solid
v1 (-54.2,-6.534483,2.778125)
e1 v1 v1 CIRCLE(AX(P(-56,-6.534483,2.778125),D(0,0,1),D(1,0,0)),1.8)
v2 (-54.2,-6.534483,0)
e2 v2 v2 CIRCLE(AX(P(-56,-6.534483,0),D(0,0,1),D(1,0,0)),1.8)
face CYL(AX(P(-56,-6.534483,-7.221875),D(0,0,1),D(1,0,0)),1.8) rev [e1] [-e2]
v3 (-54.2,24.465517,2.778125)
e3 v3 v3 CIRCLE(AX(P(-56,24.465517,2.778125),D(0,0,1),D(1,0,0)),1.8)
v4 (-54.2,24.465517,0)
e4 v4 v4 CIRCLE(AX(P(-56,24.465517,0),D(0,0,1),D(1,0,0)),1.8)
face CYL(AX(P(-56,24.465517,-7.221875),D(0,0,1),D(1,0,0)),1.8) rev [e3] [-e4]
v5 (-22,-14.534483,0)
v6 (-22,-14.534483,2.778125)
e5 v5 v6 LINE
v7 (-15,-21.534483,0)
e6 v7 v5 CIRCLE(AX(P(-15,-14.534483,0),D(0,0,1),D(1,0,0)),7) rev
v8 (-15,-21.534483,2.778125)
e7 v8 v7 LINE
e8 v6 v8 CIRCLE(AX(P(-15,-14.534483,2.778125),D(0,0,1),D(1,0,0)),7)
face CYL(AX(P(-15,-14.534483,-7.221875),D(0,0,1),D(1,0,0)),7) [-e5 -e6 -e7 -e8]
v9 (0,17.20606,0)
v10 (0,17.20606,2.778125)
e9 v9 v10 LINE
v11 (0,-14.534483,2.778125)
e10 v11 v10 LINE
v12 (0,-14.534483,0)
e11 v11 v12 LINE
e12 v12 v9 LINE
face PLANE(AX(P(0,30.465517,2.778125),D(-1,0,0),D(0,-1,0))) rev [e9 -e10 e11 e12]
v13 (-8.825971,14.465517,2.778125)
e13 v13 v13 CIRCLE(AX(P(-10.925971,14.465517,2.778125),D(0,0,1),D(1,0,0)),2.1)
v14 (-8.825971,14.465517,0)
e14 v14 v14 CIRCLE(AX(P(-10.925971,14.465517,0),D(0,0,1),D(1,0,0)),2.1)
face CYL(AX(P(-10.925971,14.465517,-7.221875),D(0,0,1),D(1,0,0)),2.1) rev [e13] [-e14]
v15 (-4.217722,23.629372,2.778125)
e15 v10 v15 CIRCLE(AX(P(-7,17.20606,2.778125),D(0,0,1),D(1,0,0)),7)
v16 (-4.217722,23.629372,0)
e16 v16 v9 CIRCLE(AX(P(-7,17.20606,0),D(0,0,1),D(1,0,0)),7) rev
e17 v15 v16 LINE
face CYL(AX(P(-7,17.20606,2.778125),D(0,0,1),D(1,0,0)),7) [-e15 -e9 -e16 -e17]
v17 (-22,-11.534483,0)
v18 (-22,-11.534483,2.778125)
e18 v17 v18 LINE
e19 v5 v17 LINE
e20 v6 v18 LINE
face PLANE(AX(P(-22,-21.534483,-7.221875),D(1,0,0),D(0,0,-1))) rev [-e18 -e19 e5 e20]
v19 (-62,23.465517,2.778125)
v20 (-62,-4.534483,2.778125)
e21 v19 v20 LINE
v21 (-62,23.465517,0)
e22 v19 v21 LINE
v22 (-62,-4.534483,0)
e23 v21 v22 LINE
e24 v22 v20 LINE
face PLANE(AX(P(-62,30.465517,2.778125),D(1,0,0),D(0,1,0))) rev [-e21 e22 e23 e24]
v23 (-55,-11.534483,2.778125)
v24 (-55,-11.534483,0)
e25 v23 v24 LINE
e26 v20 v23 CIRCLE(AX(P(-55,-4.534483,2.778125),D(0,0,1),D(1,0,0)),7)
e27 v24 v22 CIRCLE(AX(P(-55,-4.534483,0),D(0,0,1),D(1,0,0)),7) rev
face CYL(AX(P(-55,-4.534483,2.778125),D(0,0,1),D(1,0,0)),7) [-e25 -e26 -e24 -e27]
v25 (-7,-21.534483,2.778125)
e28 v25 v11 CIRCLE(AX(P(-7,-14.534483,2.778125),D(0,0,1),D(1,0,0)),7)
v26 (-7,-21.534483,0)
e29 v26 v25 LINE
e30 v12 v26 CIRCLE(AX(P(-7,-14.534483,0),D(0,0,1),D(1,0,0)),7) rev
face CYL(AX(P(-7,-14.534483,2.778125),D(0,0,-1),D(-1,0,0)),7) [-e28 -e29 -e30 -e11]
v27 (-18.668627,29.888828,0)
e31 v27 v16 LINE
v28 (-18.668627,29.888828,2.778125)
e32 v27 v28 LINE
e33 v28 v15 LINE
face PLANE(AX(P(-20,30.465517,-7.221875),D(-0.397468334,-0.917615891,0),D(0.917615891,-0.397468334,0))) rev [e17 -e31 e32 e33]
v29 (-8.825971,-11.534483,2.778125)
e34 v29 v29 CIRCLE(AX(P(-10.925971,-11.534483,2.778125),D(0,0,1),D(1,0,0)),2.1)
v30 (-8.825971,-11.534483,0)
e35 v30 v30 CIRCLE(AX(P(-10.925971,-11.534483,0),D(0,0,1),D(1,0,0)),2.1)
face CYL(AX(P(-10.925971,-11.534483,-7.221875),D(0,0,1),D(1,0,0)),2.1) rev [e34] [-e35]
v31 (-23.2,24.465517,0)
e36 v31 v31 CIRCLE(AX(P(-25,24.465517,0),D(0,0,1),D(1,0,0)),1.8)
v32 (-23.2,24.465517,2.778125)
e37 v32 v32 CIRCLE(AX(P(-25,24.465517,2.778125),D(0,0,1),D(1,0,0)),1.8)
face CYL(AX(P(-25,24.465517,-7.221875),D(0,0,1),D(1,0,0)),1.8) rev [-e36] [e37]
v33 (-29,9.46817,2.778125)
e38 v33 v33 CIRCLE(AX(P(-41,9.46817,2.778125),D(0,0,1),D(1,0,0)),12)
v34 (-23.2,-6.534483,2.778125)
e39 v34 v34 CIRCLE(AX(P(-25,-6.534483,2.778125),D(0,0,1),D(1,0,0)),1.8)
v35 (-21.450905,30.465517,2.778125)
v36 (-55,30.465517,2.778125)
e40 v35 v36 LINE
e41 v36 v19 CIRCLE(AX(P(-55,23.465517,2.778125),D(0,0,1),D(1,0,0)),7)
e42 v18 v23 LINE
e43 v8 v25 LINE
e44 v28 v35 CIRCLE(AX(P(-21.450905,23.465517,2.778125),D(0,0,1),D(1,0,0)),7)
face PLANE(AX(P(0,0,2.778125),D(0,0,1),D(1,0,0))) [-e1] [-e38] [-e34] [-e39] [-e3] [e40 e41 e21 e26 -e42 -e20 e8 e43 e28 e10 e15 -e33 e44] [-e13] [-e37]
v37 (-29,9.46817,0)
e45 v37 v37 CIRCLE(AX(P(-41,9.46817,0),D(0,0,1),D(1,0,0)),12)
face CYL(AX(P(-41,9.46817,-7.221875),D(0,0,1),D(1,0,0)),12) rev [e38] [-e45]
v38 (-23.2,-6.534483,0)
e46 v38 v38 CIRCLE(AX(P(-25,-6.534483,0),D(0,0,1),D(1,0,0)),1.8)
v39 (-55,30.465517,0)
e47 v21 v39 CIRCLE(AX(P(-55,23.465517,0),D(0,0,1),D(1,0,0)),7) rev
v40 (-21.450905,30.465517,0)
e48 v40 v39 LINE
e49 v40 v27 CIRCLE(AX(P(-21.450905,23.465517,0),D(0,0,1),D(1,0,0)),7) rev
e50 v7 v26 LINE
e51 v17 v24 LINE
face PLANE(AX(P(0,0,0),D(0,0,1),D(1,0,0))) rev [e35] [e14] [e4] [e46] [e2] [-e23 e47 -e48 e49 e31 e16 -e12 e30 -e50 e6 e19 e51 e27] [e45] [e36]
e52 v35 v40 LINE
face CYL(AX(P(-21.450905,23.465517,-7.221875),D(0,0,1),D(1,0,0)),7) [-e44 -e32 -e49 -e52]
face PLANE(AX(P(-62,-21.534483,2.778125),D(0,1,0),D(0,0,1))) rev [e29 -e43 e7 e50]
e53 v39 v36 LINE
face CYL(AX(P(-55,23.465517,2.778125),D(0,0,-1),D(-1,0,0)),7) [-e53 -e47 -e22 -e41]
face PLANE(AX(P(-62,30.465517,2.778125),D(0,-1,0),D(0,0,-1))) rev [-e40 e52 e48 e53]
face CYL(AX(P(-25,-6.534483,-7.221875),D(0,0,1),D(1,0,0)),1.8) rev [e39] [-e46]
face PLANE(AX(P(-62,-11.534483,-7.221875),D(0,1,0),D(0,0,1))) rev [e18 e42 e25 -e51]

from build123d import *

# Parameters (mm, degrees)
SKETCH1_W           = 62
SKETCH1_H           = 52
BOSS_EXTRUDE1_DEPTH = 2.778125
CUT_EXTRUDE1_DEPTH  = 10
SKETCH2_W           = 40
SKETCH2_H           = 10
CUT_EXTRUDE2_DEPTH  = 10
FILLET1_R           = 7
FILLET2_R           = 7
SKETCH4_R           = 2.1
SKETCH4_R_2         = 1.8
SKETCH4_R_3         = 12
CUT_EXTRUDE3_DEPTH  = 10


with BuildPart() as part:
    # Sketch1 → Boss-Extrude1 (new body)
    with BuildSketch(Plane.XY):
        with Locations((-31, 4.465517241)):
            Rectangle(SKETCH1_W, SKETCH1_H)
    extrude(amount=BOSS_EXTRUDE1_DEPTH)

    # Sketch3 → Cut-Extrude1 (cut)
    with BuildSketch(Plane.XY.offset(2.778125)):
        Polygon((-20, 30.465517241), (0, 21.802451622), (0, 30.465517241), align=None)
    extrude(amount=-CUT_EXTRUDE1_DEPTH, mode=Mode.SUBTRACT)

    # Sketch2 → Cut-Extrude2 (cut)
    with BuildSketch(Plane.XY.offset(2.778125)):
        with Locations((-42, -16.534482759)):
            Rectangle(SKETCH2_W, SKETCH2_H)
    extrude(amount=-CUT_EXTRUDE2_DEPTH, mode=Mode.SUBTRACT)

    # Fillet1
    fillet1_edges = [part.edges().sort_by_distance(p)[0] for p in [
        (-62, -11.534482759, 1.3890625),
        (-22, -21.534482759, 1.3890625),
        (-62, 30.465517241, 1.3890625),
        (0, -21.534482759, 1.3890625),
    ]]
    fillet(fillet1_edges, radius=FILLET1_R)

    # Fillet2
    fillet2_edges = [part.edges().sort_by_distance(p)[0] for p in [
        (0, 21.802451622, 1.3890625),
        (-20, 30.465517241, 1.3890625),
    ]]
    fillet(fillet2_edges, radius=FILLET2_R)

    # Sketch4 → Cut-Extrude3 (cut)
    with BuildSketch(Plane.XY.offset(2.778125)):
        with Locations((-10.925971148, -11.534482759)):
            Circle(SKETCH4_R)
        with Locations((-10.925971148, 14.465517241)):
            Circle(SKETCH4_R)
        with Locations((-56, -6.534482759)):
            Circle(SKETCH4_R_2)
        with Locations((-56, 24.465517241)):
            Circle(SKETCH4_R_2)
        with Locations((-25, 24.465517241)):
            Circle(SKETCH4_R_2)
        with Locations((-25, -6.534482759)):
            Circle(SKETCH4_R_2)
        with Locations((-41, 9.468169555)):
            Circle(SKETCH4_R_3)
    extrude(amount=-CUT_EXTRUDE3_DEPTH, mode=Mode.SUBTRACT)


solid = part.part
